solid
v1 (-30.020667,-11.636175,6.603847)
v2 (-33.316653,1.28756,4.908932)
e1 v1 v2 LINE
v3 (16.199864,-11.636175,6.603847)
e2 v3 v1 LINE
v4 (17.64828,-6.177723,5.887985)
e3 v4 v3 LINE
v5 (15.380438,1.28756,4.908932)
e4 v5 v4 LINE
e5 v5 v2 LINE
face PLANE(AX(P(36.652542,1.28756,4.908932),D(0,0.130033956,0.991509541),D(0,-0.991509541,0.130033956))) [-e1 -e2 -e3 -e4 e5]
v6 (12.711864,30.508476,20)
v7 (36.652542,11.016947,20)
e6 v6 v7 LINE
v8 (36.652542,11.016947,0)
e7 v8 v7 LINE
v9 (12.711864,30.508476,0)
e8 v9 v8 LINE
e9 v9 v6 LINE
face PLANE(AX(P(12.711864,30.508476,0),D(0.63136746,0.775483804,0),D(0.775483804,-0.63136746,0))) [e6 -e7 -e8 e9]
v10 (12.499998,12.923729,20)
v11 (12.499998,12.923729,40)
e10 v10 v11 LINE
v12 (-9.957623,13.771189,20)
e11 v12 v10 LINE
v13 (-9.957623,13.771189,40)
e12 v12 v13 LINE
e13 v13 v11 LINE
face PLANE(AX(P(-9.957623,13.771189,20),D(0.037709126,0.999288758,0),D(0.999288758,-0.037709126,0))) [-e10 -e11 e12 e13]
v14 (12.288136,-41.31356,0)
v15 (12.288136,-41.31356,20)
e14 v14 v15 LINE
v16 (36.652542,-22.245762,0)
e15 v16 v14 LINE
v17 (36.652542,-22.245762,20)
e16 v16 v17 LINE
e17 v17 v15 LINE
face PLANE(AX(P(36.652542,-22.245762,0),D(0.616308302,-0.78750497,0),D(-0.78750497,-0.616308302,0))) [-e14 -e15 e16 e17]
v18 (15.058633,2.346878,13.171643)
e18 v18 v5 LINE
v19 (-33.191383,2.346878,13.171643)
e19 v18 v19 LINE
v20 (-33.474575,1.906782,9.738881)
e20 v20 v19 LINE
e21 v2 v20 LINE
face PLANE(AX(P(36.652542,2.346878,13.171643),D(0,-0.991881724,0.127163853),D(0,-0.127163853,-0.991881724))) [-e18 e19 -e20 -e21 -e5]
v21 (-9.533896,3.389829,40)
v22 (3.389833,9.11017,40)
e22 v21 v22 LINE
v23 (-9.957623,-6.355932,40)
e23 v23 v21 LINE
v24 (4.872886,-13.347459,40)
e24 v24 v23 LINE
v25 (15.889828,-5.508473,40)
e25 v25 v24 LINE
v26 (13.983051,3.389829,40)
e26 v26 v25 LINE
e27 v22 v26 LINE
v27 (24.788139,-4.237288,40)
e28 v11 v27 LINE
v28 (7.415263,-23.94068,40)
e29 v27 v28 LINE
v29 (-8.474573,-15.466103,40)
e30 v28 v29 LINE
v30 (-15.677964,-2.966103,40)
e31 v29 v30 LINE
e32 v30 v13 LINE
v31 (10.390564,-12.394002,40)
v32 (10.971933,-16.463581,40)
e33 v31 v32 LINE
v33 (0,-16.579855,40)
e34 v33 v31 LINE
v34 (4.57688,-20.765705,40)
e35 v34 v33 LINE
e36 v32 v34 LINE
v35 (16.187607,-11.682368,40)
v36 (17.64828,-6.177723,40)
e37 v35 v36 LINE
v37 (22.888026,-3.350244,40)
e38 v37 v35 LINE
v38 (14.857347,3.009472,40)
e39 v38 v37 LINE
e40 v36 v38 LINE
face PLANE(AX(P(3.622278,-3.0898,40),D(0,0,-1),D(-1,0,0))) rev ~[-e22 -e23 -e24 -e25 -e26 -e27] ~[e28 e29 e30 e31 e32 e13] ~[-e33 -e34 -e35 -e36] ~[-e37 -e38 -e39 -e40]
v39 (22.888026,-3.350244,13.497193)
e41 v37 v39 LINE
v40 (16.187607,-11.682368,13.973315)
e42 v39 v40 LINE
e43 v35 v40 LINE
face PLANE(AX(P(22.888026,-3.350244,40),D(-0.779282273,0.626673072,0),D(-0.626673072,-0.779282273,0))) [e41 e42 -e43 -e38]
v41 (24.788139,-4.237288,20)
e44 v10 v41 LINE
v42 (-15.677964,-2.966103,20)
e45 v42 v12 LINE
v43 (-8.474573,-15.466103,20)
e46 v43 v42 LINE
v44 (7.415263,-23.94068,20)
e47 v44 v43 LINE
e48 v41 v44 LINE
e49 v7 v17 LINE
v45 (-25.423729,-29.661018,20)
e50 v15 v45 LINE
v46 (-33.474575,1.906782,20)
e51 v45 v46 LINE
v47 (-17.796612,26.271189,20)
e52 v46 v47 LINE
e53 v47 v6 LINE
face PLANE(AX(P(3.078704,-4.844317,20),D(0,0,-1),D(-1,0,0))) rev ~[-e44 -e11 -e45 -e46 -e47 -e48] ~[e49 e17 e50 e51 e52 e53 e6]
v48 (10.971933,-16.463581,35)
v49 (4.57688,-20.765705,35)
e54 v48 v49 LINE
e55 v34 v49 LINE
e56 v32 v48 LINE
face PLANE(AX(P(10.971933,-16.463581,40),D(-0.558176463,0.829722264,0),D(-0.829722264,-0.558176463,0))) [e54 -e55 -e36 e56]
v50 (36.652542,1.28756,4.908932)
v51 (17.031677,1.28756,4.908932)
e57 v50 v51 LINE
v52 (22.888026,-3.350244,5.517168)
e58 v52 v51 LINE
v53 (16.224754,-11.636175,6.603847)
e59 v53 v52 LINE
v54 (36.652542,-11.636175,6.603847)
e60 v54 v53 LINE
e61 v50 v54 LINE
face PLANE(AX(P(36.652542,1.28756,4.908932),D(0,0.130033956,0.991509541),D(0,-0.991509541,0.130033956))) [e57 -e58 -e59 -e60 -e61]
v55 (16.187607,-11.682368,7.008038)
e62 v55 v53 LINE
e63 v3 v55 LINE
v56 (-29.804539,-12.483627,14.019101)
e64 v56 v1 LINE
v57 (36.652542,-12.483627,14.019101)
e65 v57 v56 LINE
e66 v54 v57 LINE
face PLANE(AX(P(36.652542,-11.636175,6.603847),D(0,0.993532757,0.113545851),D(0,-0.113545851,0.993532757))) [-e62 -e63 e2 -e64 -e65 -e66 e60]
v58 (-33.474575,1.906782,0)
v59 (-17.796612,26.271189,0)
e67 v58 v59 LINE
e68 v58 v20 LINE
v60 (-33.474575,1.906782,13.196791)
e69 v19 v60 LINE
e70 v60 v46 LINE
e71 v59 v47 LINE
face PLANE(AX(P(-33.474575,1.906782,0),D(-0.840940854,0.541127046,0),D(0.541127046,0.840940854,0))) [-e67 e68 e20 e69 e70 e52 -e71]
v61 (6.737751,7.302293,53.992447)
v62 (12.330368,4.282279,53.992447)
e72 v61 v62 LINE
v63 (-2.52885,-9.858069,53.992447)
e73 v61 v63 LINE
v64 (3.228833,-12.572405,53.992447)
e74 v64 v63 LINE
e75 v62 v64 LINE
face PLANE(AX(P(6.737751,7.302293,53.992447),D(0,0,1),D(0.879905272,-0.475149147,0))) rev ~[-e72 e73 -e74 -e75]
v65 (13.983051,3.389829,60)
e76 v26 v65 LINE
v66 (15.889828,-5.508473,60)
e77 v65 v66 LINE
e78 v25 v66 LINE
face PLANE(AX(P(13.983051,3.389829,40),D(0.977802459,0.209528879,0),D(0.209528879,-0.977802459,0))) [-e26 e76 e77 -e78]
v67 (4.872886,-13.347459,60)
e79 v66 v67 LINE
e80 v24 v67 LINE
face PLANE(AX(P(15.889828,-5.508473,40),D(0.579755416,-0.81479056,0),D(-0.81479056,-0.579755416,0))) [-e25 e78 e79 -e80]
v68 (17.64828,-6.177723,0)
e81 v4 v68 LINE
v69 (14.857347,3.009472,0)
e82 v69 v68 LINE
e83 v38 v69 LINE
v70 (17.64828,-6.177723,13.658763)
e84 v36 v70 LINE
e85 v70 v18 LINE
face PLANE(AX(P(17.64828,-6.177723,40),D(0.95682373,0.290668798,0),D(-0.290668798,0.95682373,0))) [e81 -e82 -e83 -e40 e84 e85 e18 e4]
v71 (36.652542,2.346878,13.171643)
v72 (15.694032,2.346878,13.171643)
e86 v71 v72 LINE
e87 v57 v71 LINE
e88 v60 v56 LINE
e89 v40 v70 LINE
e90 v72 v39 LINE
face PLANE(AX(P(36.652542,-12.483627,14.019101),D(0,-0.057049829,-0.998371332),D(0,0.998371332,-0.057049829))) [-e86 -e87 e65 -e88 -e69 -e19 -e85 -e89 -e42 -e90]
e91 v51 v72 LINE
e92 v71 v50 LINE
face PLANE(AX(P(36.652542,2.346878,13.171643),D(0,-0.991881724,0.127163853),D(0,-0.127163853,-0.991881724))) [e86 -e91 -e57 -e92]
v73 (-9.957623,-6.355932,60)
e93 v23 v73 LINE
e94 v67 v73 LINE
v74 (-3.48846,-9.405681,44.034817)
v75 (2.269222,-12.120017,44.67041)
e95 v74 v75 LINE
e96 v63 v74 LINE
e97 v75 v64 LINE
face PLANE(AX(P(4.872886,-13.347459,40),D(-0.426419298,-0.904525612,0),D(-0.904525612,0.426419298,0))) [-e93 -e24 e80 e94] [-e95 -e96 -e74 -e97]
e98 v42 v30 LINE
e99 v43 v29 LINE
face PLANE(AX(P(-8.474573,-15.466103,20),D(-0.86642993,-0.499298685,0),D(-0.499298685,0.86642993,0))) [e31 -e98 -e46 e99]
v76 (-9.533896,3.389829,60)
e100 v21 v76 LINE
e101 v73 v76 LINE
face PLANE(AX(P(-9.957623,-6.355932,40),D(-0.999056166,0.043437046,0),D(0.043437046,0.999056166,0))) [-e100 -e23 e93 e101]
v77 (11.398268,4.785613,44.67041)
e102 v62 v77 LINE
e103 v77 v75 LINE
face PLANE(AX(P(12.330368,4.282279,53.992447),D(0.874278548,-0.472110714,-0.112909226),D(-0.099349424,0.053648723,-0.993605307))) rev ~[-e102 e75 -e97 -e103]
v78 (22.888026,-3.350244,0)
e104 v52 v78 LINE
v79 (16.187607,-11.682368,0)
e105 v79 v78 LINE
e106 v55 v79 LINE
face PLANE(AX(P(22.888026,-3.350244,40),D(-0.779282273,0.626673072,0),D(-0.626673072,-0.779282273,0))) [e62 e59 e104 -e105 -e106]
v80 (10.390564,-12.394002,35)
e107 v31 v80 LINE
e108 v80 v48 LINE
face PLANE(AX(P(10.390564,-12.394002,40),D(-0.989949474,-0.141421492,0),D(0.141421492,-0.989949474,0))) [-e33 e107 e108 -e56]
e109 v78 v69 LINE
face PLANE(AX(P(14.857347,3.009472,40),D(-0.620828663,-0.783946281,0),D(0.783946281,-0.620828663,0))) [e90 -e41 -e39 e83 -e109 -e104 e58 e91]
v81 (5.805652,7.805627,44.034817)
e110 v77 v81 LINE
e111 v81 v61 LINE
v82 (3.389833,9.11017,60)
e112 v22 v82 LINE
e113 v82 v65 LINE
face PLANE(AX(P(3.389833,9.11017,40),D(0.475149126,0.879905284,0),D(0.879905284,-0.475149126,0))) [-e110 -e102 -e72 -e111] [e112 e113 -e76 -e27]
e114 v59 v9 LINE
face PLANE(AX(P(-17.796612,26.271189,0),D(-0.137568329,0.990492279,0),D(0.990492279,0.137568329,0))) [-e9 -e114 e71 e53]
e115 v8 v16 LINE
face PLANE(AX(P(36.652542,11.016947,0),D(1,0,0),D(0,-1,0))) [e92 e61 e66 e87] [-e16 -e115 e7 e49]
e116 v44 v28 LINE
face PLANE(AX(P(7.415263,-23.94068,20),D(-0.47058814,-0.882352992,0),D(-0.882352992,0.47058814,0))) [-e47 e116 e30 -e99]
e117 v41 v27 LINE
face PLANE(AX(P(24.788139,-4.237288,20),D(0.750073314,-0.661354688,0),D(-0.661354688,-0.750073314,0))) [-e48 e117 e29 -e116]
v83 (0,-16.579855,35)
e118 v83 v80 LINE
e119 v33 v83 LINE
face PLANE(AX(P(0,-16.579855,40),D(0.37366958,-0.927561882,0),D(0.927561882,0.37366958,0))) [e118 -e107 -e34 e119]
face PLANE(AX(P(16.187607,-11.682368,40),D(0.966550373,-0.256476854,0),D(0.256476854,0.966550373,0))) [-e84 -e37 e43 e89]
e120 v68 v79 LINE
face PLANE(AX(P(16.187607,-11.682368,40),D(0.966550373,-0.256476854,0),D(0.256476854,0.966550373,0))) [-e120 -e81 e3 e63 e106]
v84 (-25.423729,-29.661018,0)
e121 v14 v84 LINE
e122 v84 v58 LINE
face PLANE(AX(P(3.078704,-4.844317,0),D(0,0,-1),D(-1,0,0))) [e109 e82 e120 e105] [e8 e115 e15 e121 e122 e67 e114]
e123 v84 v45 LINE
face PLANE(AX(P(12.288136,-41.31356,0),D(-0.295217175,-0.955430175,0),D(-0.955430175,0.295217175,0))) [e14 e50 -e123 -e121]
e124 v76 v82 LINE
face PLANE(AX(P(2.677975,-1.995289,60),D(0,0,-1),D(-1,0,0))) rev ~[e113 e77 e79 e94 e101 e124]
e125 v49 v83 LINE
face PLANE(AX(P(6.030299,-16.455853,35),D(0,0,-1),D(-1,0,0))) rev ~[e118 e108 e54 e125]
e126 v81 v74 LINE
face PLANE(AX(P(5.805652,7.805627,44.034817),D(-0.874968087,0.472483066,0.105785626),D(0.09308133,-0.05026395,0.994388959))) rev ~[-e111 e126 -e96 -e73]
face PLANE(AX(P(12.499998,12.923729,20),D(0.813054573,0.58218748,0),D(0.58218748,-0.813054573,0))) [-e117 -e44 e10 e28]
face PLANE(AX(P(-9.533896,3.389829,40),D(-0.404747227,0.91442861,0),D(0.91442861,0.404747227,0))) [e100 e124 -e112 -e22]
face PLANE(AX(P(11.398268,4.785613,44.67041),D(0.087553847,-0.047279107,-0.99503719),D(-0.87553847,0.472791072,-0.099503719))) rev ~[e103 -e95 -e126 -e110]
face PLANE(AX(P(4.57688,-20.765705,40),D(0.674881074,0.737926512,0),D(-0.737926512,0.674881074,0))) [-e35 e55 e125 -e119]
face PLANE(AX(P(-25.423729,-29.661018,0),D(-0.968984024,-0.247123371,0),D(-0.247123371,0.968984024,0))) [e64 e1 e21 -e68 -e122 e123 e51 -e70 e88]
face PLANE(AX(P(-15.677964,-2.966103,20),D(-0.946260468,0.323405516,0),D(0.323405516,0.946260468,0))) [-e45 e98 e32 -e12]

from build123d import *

# Parameters (mm, degrees)
PAD_DEPTH       = 20
PAD001_DEPTH    = 20
PAD002_DEPTH    = 20
POCKET_DEPTH    = 5
POCKET001_DEPTH = 40.001
POCKET002_DEPTH = 61.885198
POCKET003_DEPTH = 70.128117


with BuildPart() as part:
    # Sketch → Pad (new body)
    with BuildSketch(Plane.XY):
        Polygon((-17.796612, 26.271189), (12.711864, 30.508476), (36.652542, 11.016947), (36.652542, -22.245762), (12.288136, -41.31356), (-25.423729, -29.661018), (-33.474575, 1.906782), align=None)
    extrude(amount=PAD_DEPTH)

    # Sketch001 (on Face9 of Pad) → Pad001 (join)
    with BuildSketch(Plane.XY.offset(20)):
        Polygon((-8.474573, -15.466103), (-15.677964, -2.966103), (-9.957623, 13.771189), (12.499998, 12.923729), (24.788139, -4.237288), (7.415263, -23.94068), align=None)
    extrude(amount=PAD001_DEPTH)

    # Sketch002 (on Face16 of Pad001) → Pad002 (join)
    with BuildSketch(Plane.XY.offset(40)):
        Polygon((4.872886, -13.347459), (-9.957623, -6.355932), (-9.533896, 3.389829), (3.389833, 9.11017), (13.983051, 3.389829), (15.889828, -5.508473), align=None)
    extrude(amount=PAD002_DEPTH)

    # Sketch003 (on Face16 of Pad002) → Pocket (cut)
    with BuildSketch(Plane.XY.offset(40)):
        Polygon((4.57688, -20.765705), (0, -16.579855), (10.390564, -12.394002), (10.971933, -16.463581), align=None)
    extrude(amount=-POCKET_DEPTH, mode=Mode.SUBTRACT)

    # Sketch004 (on Face16 of Pocket) → Pocket001 (cut, through all)
    with BuildSketch(Plane.XY.offset(40)):
        Polygon((17.64828, -6.177723), (14.857347, 3.009472), (22.888026, -3.350244), (16.187607, -11.682368), align=None)
    extrude(amount=-POCKET001_DEPTH, mode=Mode.SUBTRACT)

    # Sketch005 (on Face28 of Pocket001) → Pocket002 (cut, through all)
    with BuildSketch(Plane(origin=(4.574148, 8.47064, 0), x_dir=(-0.879905, 0.475149, 0), z_dir=(0.475149, 0.879905, 0))):
        Polygon((-8.814835, 53.992447), (-7.755517, 44.67041), (-1.399587, 44.034817), (-2.458905, 53.992447), align=None)
    extrude(amount=-POCKET002_DEPTH, mode=Mode.SUBTRACT)

    # Sketch006 (on Face7 of Pocket002) → Pocket003 (cut, through all)
    with BuildSketch(Plane.YZ.offset(36.652542)):
        Polygon((-11.636175, 6.603847), (-12.483627, 14.019101), (2.346878, 13.171643), (1.28756, 4.908932), align=None)
    extrude(amount=-POCKET003_DEPTH, mode=Mode.SUBTRACT)


solid = part.part
